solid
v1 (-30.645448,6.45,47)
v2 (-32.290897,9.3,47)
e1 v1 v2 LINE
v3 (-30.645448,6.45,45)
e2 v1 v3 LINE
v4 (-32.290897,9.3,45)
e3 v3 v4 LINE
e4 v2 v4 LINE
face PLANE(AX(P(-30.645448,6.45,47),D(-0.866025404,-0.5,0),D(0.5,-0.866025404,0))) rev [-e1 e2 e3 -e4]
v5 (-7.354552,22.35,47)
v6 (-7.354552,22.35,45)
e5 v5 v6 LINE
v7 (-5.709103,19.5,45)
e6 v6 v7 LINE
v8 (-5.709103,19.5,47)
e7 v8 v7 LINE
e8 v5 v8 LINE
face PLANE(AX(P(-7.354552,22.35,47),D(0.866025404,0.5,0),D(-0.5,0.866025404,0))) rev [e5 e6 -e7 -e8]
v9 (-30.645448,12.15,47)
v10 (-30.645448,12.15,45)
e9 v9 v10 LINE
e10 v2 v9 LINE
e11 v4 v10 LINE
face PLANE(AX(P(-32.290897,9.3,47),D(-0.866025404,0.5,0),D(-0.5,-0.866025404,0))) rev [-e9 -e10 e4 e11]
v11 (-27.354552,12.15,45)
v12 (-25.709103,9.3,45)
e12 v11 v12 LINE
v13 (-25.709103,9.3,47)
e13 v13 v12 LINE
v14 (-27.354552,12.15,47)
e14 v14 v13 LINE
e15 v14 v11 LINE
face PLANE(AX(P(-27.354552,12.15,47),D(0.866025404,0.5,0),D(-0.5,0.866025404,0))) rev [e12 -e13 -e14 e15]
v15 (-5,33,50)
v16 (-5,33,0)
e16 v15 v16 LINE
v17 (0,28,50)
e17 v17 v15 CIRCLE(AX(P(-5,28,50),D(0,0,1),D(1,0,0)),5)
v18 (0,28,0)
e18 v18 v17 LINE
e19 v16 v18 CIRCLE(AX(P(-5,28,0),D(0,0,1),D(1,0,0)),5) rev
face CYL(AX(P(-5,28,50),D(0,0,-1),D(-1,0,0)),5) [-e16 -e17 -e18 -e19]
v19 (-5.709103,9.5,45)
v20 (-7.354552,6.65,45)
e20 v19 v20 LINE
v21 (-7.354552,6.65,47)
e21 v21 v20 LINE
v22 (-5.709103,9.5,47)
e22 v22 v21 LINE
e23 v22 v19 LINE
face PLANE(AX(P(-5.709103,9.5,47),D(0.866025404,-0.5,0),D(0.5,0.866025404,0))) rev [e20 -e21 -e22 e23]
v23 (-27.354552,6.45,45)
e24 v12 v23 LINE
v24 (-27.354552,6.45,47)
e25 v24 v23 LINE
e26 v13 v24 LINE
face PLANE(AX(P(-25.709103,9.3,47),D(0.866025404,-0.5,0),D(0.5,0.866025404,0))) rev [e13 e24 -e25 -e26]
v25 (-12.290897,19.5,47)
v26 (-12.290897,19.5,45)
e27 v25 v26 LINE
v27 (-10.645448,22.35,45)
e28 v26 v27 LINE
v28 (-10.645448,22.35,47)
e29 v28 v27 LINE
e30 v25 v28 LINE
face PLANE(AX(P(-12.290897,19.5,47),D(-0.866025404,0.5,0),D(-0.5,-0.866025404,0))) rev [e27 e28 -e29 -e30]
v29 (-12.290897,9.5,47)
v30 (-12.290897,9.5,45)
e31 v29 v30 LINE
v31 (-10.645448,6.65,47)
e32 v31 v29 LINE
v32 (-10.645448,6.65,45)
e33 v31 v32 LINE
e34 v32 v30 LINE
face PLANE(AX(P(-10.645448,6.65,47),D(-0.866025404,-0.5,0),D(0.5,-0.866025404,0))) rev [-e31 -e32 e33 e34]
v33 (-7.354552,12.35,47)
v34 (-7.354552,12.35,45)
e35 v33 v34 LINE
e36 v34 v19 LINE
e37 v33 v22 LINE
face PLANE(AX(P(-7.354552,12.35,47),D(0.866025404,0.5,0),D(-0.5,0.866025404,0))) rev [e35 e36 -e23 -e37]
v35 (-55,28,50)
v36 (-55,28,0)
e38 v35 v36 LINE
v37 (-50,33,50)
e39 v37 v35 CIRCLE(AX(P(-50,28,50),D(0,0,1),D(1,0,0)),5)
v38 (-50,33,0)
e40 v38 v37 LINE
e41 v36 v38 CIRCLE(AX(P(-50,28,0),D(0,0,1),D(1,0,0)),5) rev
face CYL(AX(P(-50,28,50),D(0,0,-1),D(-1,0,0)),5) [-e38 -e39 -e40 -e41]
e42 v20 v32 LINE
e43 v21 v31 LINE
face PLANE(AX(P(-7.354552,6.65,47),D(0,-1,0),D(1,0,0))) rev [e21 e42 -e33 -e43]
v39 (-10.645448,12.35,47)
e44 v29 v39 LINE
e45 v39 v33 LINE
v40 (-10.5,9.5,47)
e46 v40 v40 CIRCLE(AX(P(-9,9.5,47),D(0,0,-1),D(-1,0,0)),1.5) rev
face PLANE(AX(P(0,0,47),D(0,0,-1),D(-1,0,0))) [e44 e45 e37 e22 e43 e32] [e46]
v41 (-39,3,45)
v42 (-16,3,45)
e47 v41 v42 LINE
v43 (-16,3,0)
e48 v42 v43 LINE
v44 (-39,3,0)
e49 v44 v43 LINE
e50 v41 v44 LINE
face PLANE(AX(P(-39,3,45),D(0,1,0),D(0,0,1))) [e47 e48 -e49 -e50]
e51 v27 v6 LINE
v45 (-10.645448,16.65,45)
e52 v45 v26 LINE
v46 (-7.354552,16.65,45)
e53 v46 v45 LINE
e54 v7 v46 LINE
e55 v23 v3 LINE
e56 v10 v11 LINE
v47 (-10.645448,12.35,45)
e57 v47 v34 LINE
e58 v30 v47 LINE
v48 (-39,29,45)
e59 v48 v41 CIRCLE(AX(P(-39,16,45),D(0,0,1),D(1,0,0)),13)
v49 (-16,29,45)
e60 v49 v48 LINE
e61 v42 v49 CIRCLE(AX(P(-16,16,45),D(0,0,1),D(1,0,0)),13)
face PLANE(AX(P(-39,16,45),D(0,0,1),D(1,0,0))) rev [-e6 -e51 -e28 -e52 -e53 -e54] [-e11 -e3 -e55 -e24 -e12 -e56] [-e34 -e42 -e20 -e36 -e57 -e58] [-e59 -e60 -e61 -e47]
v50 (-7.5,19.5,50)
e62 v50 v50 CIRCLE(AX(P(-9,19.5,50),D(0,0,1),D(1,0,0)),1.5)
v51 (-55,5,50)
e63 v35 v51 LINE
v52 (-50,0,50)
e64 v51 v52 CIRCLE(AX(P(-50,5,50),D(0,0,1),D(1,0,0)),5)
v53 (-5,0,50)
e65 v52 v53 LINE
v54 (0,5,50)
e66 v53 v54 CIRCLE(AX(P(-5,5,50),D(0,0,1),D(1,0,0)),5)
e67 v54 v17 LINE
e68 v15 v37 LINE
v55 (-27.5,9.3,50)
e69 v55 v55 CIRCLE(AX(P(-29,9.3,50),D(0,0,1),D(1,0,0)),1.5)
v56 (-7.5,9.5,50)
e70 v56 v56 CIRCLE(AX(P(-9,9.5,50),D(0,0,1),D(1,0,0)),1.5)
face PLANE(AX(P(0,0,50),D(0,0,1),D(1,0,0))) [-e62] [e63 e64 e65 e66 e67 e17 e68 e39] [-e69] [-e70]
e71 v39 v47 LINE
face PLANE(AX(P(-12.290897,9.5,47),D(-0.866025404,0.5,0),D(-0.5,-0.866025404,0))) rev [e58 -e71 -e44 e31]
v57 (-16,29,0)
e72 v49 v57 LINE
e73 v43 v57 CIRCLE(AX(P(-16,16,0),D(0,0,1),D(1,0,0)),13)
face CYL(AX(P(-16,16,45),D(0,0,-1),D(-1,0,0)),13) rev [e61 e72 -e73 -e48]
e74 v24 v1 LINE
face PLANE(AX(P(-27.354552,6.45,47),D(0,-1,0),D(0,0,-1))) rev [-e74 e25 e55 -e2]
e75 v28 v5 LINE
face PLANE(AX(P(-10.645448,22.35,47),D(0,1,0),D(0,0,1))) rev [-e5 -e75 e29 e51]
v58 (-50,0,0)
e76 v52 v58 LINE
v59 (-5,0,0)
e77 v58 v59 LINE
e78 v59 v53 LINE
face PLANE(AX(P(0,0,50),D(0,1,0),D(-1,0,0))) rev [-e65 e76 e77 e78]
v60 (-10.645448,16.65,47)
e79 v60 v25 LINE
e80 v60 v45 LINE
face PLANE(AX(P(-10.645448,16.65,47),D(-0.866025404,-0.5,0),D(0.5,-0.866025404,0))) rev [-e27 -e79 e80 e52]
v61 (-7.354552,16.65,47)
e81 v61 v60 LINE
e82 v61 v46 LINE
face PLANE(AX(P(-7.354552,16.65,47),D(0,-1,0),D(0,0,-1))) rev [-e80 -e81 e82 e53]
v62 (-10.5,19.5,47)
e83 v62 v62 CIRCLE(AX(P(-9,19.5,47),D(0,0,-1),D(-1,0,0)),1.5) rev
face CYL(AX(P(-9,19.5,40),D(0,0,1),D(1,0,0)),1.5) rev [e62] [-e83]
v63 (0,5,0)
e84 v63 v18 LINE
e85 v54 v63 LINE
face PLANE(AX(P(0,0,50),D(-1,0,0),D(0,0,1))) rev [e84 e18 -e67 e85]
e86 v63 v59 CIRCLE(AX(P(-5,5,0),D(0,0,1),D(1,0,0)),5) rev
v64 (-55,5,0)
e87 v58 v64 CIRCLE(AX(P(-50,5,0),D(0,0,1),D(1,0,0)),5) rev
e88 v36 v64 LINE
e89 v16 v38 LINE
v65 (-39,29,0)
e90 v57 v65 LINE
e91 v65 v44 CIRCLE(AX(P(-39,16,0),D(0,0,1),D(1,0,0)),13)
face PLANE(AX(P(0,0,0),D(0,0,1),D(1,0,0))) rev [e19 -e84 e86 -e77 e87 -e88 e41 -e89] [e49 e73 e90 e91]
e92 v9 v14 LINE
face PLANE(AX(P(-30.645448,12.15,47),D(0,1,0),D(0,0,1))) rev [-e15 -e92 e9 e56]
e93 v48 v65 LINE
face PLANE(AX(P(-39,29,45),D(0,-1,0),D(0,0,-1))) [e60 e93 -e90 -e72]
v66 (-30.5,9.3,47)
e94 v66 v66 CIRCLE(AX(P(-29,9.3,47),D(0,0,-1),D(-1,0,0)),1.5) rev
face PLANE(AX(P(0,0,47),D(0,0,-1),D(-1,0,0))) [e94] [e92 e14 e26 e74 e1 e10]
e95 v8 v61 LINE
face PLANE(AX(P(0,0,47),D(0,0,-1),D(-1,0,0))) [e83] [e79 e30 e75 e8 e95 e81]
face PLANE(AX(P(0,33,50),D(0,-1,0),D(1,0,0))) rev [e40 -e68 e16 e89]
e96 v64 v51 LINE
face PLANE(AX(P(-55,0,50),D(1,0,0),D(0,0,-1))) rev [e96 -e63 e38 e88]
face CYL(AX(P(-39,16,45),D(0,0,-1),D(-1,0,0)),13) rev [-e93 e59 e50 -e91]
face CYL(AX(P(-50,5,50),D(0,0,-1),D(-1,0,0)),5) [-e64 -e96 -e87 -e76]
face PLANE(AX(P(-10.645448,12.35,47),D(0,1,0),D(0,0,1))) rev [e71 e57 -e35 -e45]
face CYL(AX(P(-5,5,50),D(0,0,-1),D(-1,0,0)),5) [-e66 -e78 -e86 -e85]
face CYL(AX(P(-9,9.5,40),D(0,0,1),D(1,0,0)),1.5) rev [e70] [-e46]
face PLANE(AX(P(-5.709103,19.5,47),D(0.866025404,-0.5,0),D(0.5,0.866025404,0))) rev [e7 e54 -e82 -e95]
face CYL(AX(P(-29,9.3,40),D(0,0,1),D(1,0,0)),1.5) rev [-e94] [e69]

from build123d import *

# Parameters (mm, degrees)
ESQUISSE1_W             = 55
ESQUISSE1_H             = 33
BOSS_EXTRU_1_DEPTH      = 50
ENL_V_MAT_EXTRU_2_DEPTH = 45
CONG_1_R                = 5
ESQUISSE3_R             = 1.5
ENL_V_MAT_EXTRU_3_DEPTH = 10
ENL_V_MAT_EXTRU_4_DEPTH = 2


with BuildPart() as part:
    # Esquisse1 → Boss.-Extru.1 (new body)
    with BuildSketch(Plane.XY):
        with Locations((-27.5, 16.5)):
            Rectangle(ESQUISSE1_W, ESQUISSE1_H)
    extrude(amount=BOSS_EXTRU_1_DEPTH)

    # Esquisse2 → Enlèv. mat.-Extru.2 (cut)
    with BuildSketch(Plane.XY):
        with BuildLine():
            Line((-39, 29), (-16, 29))
            ThreePointArc((-16, 29), (-3, 16), (-16, 3))
            Line((-16, 3), (-39, 3))
            ThreePointArc((-39, 3), (-52, 16), (-39, 29))
        make_face()
    extrude(amount=ENL_V_MAT_EXTRU_2_DEPTH, mode=Mode.SUBTRACT)

    # Congé1
    cong_1_edges = [part.edges().sort_by_distance(p)[0] for p in [
        (0, 0, 25),
        (-55, 0, 25),
        (-55, 33, 25),
        (0, 33, 25),
    ]]
    fillet(cong_1_edges, radius=CONG_1_R)

    # Esquisse3 → Enlèv. mat.-Extru.3 (cut)
    with BuildSketch(Plane.XY.offset(50)):
        with Locations((-29, 9.3)):
            Circle(ESQUISSE3_R)
        with Locations((-9, 19.5)):
            Circle(ESQUISSE3_R)
        with Locations((-9, 9.5)):
            Circle(ESQUISSE3_R)
    extrude(amount=-ENL_V_MAT_EXTRU_3_DEPTH, mode=Mode.SUBTRACT)

    # Esquisse4 → Enlèv. mat.-Extru.4 (cut)
    with BuildSketch(Plane(origin=(0, 0, 45), x_dir=(-1, 0, 0), z_dir=(0, 0, -1))):
        Polygon((27.354551733, 6.45), (30.645448267, 6.45), (32.290896534, 9.3), (30.645448267, 12.15), (27.354551733, 12.15), (25.709103466, 9.3), align=None)
        Polygon((7.354551733, 6.65), (10.645448267, 6.65), (12.290896534, 9.5), (10.645448267, 12.35), (7.354551733, 12.35), (5.709103466, 9.5), align=None)
        Polygon((7.354551733, 16.65), (10.645448267, 16.65), (12.290896534, 19.5), (10.645448267, 22.35), (7.354551733, 22.35), (5.709103466, 19.5), align=None)
    extrude(amount=-ENL_V_MAT_EXTRU_4_DEPTH, mode=Mode.SUBTRACT)


solid = part.part
